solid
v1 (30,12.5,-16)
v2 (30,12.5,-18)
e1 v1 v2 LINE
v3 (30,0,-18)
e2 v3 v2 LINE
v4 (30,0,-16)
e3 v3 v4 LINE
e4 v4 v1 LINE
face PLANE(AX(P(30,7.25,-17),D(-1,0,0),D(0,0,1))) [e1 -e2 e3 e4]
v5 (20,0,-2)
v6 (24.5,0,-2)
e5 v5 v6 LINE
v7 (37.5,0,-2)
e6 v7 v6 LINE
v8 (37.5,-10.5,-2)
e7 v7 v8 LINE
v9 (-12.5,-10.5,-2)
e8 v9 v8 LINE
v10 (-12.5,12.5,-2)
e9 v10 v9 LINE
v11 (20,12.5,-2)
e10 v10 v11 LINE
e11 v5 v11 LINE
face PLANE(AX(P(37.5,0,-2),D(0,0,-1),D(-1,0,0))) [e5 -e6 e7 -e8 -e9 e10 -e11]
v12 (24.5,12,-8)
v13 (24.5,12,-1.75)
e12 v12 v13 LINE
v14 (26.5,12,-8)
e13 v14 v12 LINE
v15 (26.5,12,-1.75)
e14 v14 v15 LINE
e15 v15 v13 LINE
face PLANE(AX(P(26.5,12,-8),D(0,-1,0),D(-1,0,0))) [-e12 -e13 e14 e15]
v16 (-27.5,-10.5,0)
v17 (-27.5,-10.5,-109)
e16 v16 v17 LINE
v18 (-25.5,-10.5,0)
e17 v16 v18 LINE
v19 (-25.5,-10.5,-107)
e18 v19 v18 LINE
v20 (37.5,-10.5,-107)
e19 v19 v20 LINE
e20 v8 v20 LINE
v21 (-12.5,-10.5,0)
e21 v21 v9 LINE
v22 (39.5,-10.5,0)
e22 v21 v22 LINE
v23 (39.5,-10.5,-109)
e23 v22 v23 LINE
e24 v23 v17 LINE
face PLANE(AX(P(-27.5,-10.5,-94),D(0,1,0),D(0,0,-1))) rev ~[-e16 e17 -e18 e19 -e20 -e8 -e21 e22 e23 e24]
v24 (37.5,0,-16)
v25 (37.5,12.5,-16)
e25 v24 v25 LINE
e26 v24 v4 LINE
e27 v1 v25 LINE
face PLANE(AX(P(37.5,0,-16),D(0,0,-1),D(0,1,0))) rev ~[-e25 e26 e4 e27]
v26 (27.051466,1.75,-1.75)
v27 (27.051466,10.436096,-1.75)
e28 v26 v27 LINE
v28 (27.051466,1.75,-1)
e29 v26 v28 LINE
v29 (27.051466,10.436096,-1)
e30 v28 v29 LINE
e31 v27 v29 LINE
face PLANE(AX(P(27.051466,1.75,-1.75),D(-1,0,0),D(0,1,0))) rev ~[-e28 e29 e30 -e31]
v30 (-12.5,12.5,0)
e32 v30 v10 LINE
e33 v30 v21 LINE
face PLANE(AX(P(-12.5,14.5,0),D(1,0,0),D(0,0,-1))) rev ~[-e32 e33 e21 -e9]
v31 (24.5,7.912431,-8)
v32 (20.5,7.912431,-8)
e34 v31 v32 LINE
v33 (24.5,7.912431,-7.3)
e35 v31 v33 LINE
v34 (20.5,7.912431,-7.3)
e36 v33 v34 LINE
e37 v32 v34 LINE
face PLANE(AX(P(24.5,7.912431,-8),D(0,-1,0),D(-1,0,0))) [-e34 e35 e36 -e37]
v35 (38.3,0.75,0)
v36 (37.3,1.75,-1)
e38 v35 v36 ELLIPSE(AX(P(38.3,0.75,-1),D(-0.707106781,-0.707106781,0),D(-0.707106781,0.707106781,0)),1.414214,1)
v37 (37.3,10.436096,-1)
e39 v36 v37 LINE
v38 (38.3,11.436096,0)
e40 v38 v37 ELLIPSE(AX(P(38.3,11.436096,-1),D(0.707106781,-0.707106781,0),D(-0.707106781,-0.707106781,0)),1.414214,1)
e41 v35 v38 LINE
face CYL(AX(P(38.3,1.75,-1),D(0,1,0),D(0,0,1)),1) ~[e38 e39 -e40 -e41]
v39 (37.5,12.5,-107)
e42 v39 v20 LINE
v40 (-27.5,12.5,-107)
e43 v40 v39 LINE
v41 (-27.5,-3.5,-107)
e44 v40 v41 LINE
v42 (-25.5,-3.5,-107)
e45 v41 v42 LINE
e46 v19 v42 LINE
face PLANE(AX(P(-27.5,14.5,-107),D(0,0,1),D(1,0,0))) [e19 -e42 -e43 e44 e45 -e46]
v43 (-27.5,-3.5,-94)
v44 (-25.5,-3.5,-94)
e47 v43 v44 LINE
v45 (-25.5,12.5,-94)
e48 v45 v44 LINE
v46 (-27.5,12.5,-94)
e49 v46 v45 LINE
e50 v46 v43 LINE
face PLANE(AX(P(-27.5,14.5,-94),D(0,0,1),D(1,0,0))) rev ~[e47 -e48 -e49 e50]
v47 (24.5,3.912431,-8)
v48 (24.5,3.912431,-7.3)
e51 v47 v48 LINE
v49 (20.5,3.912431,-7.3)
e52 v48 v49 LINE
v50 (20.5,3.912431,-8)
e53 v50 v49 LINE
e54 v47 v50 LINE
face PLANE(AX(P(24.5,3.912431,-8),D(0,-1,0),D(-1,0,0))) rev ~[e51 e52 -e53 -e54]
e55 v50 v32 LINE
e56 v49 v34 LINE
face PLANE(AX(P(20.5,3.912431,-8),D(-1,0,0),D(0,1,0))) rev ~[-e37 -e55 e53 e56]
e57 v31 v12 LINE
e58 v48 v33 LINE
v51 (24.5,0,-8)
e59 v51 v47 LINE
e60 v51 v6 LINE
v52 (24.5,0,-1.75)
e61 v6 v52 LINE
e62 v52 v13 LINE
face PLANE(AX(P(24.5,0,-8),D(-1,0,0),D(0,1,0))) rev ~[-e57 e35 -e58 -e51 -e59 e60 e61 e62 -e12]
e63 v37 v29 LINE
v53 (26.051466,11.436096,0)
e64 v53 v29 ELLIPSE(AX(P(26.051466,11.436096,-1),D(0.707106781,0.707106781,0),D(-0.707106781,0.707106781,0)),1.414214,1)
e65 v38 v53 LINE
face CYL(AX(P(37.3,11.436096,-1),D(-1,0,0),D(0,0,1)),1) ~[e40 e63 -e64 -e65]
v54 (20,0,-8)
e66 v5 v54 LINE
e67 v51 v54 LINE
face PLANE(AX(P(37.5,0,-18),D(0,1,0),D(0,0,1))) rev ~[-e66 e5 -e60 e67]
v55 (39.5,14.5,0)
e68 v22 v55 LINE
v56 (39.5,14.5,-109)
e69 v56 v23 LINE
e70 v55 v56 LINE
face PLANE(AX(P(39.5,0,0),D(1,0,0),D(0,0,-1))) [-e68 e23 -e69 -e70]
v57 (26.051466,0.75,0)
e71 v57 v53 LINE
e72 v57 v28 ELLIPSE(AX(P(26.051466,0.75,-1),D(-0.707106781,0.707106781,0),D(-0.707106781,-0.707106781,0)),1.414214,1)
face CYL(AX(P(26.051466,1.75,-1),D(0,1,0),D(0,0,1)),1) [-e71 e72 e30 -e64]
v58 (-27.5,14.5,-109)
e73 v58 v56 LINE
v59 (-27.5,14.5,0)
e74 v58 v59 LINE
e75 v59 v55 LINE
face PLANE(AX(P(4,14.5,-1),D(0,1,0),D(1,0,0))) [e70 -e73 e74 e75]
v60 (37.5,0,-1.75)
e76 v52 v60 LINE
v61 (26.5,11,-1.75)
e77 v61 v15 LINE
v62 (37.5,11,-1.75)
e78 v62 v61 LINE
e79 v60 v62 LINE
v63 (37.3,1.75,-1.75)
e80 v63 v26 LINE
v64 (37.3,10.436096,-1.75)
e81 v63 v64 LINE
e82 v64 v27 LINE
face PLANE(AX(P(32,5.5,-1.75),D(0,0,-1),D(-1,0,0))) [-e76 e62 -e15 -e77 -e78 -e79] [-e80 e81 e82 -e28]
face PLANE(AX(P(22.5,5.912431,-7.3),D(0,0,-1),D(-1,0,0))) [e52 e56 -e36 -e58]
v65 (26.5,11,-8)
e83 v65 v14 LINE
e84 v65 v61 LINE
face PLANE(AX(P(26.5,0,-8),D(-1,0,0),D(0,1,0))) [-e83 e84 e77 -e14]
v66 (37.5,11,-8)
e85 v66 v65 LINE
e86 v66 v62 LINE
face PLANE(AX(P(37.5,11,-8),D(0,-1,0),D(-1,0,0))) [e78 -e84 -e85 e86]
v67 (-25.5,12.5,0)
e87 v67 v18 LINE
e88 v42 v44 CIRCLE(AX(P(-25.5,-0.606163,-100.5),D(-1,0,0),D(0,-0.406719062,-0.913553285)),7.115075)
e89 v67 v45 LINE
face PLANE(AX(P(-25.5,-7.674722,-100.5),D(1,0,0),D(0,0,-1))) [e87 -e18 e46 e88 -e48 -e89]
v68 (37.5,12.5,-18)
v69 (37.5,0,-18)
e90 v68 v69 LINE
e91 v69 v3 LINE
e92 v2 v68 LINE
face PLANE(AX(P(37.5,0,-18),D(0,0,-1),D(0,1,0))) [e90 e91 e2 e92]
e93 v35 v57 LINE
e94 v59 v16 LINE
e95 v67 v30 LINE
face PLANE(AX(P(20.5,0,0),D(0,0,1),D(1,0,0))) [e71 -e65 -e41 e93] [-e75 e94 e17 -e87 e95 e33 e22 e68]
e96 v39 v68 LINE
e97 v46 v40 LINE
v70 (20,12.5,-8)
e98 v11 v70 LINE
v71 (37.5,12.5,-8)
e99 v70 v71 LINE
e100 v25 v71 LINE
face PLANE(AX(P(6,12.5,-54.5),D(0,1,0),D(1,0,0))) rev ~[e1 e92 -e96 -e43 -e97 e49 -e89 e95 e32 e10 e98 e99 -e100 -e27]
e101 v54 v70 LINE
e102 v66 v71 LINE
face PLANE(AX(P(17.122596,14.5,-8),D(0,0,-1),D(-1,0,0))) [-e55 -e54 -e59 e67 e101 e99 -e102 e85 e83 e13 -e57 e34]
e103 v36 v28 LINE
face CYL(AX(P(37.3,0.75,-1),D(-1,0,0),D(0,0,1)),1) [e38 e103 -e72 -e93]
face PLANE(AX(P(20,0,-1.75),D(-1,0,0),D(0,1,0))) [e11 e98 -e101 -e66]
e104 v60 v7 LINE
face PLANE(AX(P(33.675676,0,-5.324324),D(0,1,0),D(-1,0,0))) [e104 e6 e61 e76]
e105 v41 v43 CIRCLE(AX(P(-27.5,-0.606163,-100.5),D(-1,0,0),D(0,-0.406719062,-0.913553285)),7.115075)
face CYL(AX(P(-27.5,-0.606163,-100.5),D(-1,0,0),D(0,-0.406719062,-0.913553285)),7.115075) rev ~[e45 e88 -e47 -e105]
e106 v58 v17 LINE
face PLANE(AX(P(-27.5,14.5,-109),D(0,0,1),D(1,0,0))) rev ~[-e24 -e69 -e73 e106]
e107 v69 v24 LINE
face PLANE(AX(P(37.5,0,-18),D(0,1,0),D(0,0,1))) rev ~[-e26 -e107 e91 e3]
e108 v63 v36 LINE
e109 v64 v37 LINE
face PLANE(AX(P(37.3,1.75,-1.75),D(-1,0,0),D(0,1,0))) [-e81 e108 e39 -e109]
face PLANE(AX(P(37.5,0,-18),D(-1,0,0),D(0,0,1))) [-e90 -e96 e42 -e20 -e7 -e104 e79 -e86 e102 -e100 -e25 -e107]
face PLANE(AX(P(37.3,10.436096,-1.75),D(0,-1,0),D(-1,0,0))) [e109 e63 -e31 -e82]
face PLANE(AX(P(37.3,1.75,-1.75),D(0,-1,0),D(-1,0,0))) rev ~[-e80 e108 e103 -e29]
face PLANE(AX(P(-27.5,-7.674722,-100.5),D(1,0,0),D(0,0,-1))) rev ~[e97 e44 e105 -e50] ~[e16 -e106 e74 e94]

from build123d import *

# Parameters (mm, degrees)
BOSS_EXTRUDE1_DEPTH         = 29
SKETCH3_W                   = 4.5
SKETCH3_H                   = 21
CUT_EXTRUDE1_DEPTH          = 6
SKETCH6_R                   = 2.15
CUT_EXTRUDE2_DEPTH          = 41.509258201
CUT_EXTRUDE3_DEPTH          = 3.5
EXTRUDE_1_REACH             = 41.674
SKETCH_1_W                  = 19.5
SKETCH_1_H                  = 14.5
EXTRUDE_1_DIRECTION_2_REACH = 41.674
SKETCH_2_W                  = 4.5
SKETCH_2_H                  = 1
CUT_EXTRUDE_1_DEPTH         = 19.5
SKETCH_4_W                  = 4
SKETCH_4_H                  = 4
CUT_EXTRUDE_3_DEPTH         = 0.7
SKETCH_5_W                  = 2
SKETCH_5_H                  = 12
CUT_EXTRUDE_4_DEPTH         = 6.25
SKETCH_6_W                  = 11
SKETCH_6_H                  = 11
CUT_EXTRUDE_5_DEPTH         = 6.25
SKETCH_7_W                  = 10.248534494
SKETCH_7_H                  = 8.686096419
CUT_EXTRUDE_6_DEPTH         = 1.75
SKETCH_8_W                  = 2
SKETCH_8_H                  = 14.5
EXTRUDE_2_DEPTH             = 10
SKETCH_9_W                  = 2
SKETCH_9_H                  = 14.5
EXTRUDE_3_DEPTH             = 7.5
FILLET_1_R                  = 1
CUT_EXTRUDE_7_DEPTH         = 41.509258201
CUT_EXTRUDE_7_DEPTH_BACK    = 41.509258201
SKETCH_10_W                 = 65.54105611
SKETCH_10_H                 = 22.030016429
CUT_EXTRUDE_8_DEPTH         = 47.588625221
CUT_EXTRUDE_8_DEPTH_BACK    = 47.588625221
SKETCH_11_W                 = 33.086172565
SKETCH_11_H                 = 28.836254029
SKETCH_12_W                 = 67
SKETCH_12_H                 = 109
EXTRUDE_4_DEPTH             = 2
EXTRUDE_3_2_DEPTH           = 25
SKETCH_13_3_W               = 33
SKETCH_13_3_H               = 2
SKETCH_13_3_W_2             = 2
SKETCH_13_3_H_2             = 94
EXTRUDE_4_2_DEPTH           = 25
EXTRUDE_5_DEPTH             = 10.5
EXTRUDE_5_2_DEPTH           = 2


with BuildPart() as part:
    # Sketch2 → Boss-Extrude1 (new body)
    with BuildSketch(Plane(origin=(0, 0, 0), x_dir=(1, 0, 0), z_dir=(0, 1, 0))):
        with BuildLine():
            Line((0, 10), (0, 20))
            Line((0, 20), (8, 20))
            Line((8, 20), (8, 14.245191882))
            ThreePointArc((8, 14.245191882), (10.672752557, 14.316274399), (13, 13))
            Line((13, 13), (9.464466094, 9.464466094))
            Line((9.464466094, 9.464466094), (2.928932188, 2.928932188))
            ThreePointArc((2.928932188, 2.928932188), (0.761204675, 6.173165676), (0, 10))
        make_face()
    boss_extrude1 = extrude(amount=BOSS_EXTRUDE1_DEPTH)

    # Mirror1: Boss-Extrude1 across plane
    add(boss_extrude1.mirror(Plane(origin=(0, 0, 0), x_dir=(-0.707106781186546, 0, 0.707106781186549), z_dir=(0.707106781186549, 0, 0.707106781186546))))

    # Sketch3 → Cut-Extrude1 (cut)
    with BuildSketch(Plane(origin=(0, 0, -20), x_dir=(-1, 0, 0), z_dir=(0, 0, -1))):
        with Locations((-4, 14.5)):
            Rectangle(SKETCH3_W, SKETCH3_H)
    cut_extrude1 = extrude(amount=-CUT_EXTRUDE1_DEPTH, mode=Mode.SUBTRACT)

    # Mirror2: Cut-Extrude1 across plane
    add(cut_extrude1.mirror(Plane(origin=(0, 0, 0), x_dir=(-0.707106781186546, 0, 0.707106781186549), z_dir=(0.707106781186549, 0, 0.707106781186546))), mode=Mode.SUBTRACT)

    # Sketch6 → Cut-Extrude2 (cut, through all)
    with BuildSketch(Plane(origin=(0, 29, 0), x_dir=(1, 0, 0), z_dir=(0, 1, 0))):
        with Locations(Location((10, 10, 0), (0, 0, 270))):
            Circle(SKETCH6_R)
    extrude(amount=-CUT_EXTRUDE2_DEPTH, mode=Mode.SUBTRACT)

    # Sketch9 → Cut-Extrude3 (cut)
    with BuildSketch(Plane(origin=(0, 24, 0), x_dir=(1, 0, 0), z_dir=(0, 1, 0))):
        Polygon((8.939052358, 13.959510504), (13.429036683, 18.44949483), (18.429313529, 13.762345089), (13.959510504, 8.939052358), (11.060947642, 6.040489496), (7.101437138, 7.101437138), (6.040489496, 11.060947642), align=None)
    cut_extrude3 = extrude(amount=-CUT_EXTRUDE3_DEPTH, mode=Mode.SUBTRACT)

    # Mirror4: Cut-Extrude3 across plane
    add(cut_extrude3.mirror(Plane.ZX.offset(14.5)), mode=Mode.SUBTRACT)


with BuildPart() as body_2:

    # Бобышка-Вытянуть1: up to this face of the body (flat: up to its plane)
    extrude_1_end = Plane(part.part.faces().sort_by_distance((17.122595941, 14.5, -8))[0])
    # Эскиз1 → Бобышка-Вытянуть1 (new, up to the picked face)
    with BuildSketch(Plane(origin=(0, 0, -1.75), x_dir=(-1, 0, 0), z_dir=(0, 0, -1)), mode=Mode.PRIVATE) as extrude_1_sk1:
        with Locations((-29.75, 7.25)):
            Rectangle(SKETCH_1_W, SKETCH_1_H)
    extrude_1_tool1 = split(extrude(extrude_1_sk1.sketch, amount=EXTRUDE_1_REACH, mode=Mode.PRIVATE), bisect_by=extrude_1_end, keep=Keep.BOTH, mode=Mode.PRIVATE)
    add(extrude_1_tool1.solids().sort_by(Axis((29.75, 7.25, -1.75), (0, 0, -1)))[0])


    # Бобышка-Вытянуть1 direction 2: up to this face of the body (flat: up to its plane)
    extrude_1_direction_2_end = Plane(part.part.faces().sort_by_distance((15, 14.5, 0))[0])
    # Эскиз1 → Бобышка-Вытянуть1 direction 2 (add, up to the picked face)
    with BuildSketch(Plane(origin=(0, 0, -1.75), x_dir=(-1, 0, 0), z_dir=(0, 0, -1)), mode=Mode.PRIVATE) as extrude_1_direction_2_sk1:
        with Locations((-29.75, 7.25)):
            Rectangle(SKETCH_1_W, SKETCH_1_H)
    extrude_1_direction_2_tool1 = split(extrude(extrude_1_direction_2_sk1.sketch, amount=-EXTRUDE_1_DIRECTION_2_REACH, mode=Mode.PRIVATE), bisect_by=extrude_1_direction_2_end, keep=Keep.BOTH, mode=Mode.PRIVATE)
    add(extrude_1_direction_2_tool1.solids().sort_by(Axis((29.75, 7.25, -1.75), (0, 0, 1)))[0])

    # Эскиз2 → Вырез-Вытянуть1 (cut)
    with BuildSketch(Plane(origin=(39.5, 0, 0), x_dir=(0, 0, -1), z_dir=(1, 0, 0))):
        with Locations((4, 14)):
            Rectangle(SKETCH_2_W, SKETCH_2_H)
    extrude(amount=-CUT_EXTRUDE_1_DEPTH, mode=Mode.SUBTRACT)

    # Эскиз4 → Вырез-Вытянуть3 (cut)
    with BuildSketch(Plane(origin=(0, 0, -8), x_dir=(-1, 0, 0), z_dir=(0, 0, -1))):
        with Locations((-22.5, 5.912430948)):
            Rectangle(SKETCH_4_W, SKETCH_4_H)
    extrude(amount=-CUT_EXTRUDE_3_DEPTH, mode=Mode.SUBTRACT)

    # Эскиз5 → Вырез-Вытянуть4 (cut)
    with BuildSketch(Plane(origin=(0, 0, -8), x_dir=(-1, 0, 0), z_dir=(0, 0, -1))):
        with Locations((-25.5, 6)):
            Rectangle(SKETCH_5_W, SKETCH_5_H)
    extrude(amount=-CUT_EXTRUDE_4_DEPTH, mode=Mode.SUBTRACT)

    # Эскиз6 → Вырез-Вытянуть5 (cut)
    with BuildSketch(Plane(origin=(0, 0, -8), x_dir=(-1, 0, 0), z_dir=(0, 0, -1))):
        with Locations((-32, 5.5)):
            Rectangle(SKETCH_6_W, SKETCH_6_H)
    extrude(amount=-CUT_EXTRUDE_5_DEPTH, mode=Mode.SUBTRACT)

    # Эскиз7 → Вырез-Вытянуть6 (cut)
    with BuildSketch(Plane(origin=(0, 0, -1.75), x_dir=(-1, 0, 0), z_dir=(0, 0, -1))):
        with Locations((-32.175732753, 6.09304821)):
            Rectangle(SKETCH_7_W, SKETCH_7_H)
    extrude(amount=-CUT_EXTRUDE_6_DEPTH, mode=Mode.SUBTRACT)

    # Эскиз8 → Бобышка-Вытянуть2 (add)
    with BuildSketch(Plane(origin=(0, 0, -8), x_dir=(-1, 0, 0), z_dir=(0, 0, -1))):
        with Locations((-38.5, 7.25)):
            Rectangle(SKETCH_8_W, SKETCH_8_H)
    extrude(amount=EXTRUDE_2_DEPTH)

    # Эскиз9 → Extrude 3 (add)
    with BuildSketch(Plane.ZY.offset(-37.5)):
        with Locations((-17, 7.25)):
            Rectangle(SKETCH_9_W, SKETCH_9_H)
    extrude(amount=EXTRUDE_3_DEPTH)

    # Скругление1
    fillet_1_edges = [body_2.edges().sort_by_distance(p)[0] for p in [
        (32.175732753, 1.75, 0),
        (27.051465506, 6.09304821, 0),
        (32.175732753, 10.436096419, 0),
        (37.3, 6.09304821, 0),
    ]]
    fillet(fillet_1_edges, radius=FILLET_1_R)

    # Эскиз12 → Extrude 4 (add)
    with BuildSketch(Plane(origin=(0, 14.5, 0), x_dir=(1, 0, 0), z_dir=(0, 1, 0))):
        with Locations((6, 54.5)):
            Rectangle(SKETCH_12_W, SKETCH_12_H)
    extrude(amount=-EXTRUDE_4_DEPTH)

    # Эскиз13 → Extrude 3 2 (add)
    with BuildSketch(Plane(origin=(0, 14.5, 0), x_dir=(1, 0, 0), z_dir=(0, 1, 0))):
        Polygon((39.5, 18), (39.5, 109), (-27.5, 109), (-27.5, 107), (37.5, 107), (37.5, 18), align=None)
    extrude(amount=-EXTRUDE_3_2_DEPTH)

    # Эскиз13<3> → Extrude 4 2 (add)
    with BuildSketch(Plane(origin=(0, 14.5, 0), x_dir=(1, 0, 0), z_dir=(0, 1, 0))):
        with Locations((4, 1)):
            Rectangle(SKETCH_13_3_W, SKETCH_13_3_H)
        with Locations((-26.5, 47)):
            Rectangle(SKETCH_13_3_W_2, SKETCH_13_3_H_2)
    extrude(amount=-EXTRUDE_4_2_DEPTH)

    # Эскиз14 → Extrude 5 (add)
    with BuildSketch(Plane.XZ):
        Polygon((20.5, 0), (39.5, 0), (39.5, -18), (37.5, -18), (37.5, -2), (20.5, -2), align=None)
    extrude(amount=EXTRUDE_5_DEPTH)

    # Эскиз15 → Extrude 5 2 (add)
    with BuildSketch(Plane.ZY.offset(27.5)):
        with BuildLine():
            Line((-94, -10.5), (-107, -10.5))
            Line((-107, -10.5), (-107, -3.5))
            ThreePointArc((-107, -3.5), (-100.5, -7.721238279), (-94, -3.5))
            Line((-94, -3.5), (-94, -10.5))
        make_face()
    extrude(amount=-EXTRUDE_5_2_DEPTH)


with BuildPart() as part_1:
    add(part.part)

    # Эскиз10 → Вырез-Вытянуть7 (cut, two sides: drawn at the far end of the back side and taken through both)
    with BuildSketch(Plane(origin=(20, 0, 0), x_dir=(0, 0, -1), z_dir=(1, 0, 0)).offset(-CUT_EXTRUDE_7_DEPTH_BACK)):
        with Locations((-4.725182995, 25.515008214)):
            Rectangle(SKETCH_10_W, SKETCH_10_H)
    extrude(amount=CUT_EXTRUDE_7_DEPTH + CUT_EXTRUDE_7_DEPTH_BACK, mode=Mode.SUBTRACT)

    # Эскиз11 → Вырез-Вытянуть8 (cut, two sides: drawn at the far end of the back side and taken through both)
    with BuildSketch(Plane(origin=(0, 14.5, 0), x_dir=(1, 0, 0), z_dir=(0, 1, 0)).offset(-CUT_EXTRUDE_8_DEPTH_BACK)):
        with Locations((3.456913717, 14.418127015)):
            Rectangle(SKETCH_11_W, SKETCH_11_H)
    extrude(amount=CUT_EXTRUDE_8_DEPTH + CUT_EXTRUDE_8_DEPTH_BACK, mode=Mode.SUBTRACT)


solid = body_2.part
